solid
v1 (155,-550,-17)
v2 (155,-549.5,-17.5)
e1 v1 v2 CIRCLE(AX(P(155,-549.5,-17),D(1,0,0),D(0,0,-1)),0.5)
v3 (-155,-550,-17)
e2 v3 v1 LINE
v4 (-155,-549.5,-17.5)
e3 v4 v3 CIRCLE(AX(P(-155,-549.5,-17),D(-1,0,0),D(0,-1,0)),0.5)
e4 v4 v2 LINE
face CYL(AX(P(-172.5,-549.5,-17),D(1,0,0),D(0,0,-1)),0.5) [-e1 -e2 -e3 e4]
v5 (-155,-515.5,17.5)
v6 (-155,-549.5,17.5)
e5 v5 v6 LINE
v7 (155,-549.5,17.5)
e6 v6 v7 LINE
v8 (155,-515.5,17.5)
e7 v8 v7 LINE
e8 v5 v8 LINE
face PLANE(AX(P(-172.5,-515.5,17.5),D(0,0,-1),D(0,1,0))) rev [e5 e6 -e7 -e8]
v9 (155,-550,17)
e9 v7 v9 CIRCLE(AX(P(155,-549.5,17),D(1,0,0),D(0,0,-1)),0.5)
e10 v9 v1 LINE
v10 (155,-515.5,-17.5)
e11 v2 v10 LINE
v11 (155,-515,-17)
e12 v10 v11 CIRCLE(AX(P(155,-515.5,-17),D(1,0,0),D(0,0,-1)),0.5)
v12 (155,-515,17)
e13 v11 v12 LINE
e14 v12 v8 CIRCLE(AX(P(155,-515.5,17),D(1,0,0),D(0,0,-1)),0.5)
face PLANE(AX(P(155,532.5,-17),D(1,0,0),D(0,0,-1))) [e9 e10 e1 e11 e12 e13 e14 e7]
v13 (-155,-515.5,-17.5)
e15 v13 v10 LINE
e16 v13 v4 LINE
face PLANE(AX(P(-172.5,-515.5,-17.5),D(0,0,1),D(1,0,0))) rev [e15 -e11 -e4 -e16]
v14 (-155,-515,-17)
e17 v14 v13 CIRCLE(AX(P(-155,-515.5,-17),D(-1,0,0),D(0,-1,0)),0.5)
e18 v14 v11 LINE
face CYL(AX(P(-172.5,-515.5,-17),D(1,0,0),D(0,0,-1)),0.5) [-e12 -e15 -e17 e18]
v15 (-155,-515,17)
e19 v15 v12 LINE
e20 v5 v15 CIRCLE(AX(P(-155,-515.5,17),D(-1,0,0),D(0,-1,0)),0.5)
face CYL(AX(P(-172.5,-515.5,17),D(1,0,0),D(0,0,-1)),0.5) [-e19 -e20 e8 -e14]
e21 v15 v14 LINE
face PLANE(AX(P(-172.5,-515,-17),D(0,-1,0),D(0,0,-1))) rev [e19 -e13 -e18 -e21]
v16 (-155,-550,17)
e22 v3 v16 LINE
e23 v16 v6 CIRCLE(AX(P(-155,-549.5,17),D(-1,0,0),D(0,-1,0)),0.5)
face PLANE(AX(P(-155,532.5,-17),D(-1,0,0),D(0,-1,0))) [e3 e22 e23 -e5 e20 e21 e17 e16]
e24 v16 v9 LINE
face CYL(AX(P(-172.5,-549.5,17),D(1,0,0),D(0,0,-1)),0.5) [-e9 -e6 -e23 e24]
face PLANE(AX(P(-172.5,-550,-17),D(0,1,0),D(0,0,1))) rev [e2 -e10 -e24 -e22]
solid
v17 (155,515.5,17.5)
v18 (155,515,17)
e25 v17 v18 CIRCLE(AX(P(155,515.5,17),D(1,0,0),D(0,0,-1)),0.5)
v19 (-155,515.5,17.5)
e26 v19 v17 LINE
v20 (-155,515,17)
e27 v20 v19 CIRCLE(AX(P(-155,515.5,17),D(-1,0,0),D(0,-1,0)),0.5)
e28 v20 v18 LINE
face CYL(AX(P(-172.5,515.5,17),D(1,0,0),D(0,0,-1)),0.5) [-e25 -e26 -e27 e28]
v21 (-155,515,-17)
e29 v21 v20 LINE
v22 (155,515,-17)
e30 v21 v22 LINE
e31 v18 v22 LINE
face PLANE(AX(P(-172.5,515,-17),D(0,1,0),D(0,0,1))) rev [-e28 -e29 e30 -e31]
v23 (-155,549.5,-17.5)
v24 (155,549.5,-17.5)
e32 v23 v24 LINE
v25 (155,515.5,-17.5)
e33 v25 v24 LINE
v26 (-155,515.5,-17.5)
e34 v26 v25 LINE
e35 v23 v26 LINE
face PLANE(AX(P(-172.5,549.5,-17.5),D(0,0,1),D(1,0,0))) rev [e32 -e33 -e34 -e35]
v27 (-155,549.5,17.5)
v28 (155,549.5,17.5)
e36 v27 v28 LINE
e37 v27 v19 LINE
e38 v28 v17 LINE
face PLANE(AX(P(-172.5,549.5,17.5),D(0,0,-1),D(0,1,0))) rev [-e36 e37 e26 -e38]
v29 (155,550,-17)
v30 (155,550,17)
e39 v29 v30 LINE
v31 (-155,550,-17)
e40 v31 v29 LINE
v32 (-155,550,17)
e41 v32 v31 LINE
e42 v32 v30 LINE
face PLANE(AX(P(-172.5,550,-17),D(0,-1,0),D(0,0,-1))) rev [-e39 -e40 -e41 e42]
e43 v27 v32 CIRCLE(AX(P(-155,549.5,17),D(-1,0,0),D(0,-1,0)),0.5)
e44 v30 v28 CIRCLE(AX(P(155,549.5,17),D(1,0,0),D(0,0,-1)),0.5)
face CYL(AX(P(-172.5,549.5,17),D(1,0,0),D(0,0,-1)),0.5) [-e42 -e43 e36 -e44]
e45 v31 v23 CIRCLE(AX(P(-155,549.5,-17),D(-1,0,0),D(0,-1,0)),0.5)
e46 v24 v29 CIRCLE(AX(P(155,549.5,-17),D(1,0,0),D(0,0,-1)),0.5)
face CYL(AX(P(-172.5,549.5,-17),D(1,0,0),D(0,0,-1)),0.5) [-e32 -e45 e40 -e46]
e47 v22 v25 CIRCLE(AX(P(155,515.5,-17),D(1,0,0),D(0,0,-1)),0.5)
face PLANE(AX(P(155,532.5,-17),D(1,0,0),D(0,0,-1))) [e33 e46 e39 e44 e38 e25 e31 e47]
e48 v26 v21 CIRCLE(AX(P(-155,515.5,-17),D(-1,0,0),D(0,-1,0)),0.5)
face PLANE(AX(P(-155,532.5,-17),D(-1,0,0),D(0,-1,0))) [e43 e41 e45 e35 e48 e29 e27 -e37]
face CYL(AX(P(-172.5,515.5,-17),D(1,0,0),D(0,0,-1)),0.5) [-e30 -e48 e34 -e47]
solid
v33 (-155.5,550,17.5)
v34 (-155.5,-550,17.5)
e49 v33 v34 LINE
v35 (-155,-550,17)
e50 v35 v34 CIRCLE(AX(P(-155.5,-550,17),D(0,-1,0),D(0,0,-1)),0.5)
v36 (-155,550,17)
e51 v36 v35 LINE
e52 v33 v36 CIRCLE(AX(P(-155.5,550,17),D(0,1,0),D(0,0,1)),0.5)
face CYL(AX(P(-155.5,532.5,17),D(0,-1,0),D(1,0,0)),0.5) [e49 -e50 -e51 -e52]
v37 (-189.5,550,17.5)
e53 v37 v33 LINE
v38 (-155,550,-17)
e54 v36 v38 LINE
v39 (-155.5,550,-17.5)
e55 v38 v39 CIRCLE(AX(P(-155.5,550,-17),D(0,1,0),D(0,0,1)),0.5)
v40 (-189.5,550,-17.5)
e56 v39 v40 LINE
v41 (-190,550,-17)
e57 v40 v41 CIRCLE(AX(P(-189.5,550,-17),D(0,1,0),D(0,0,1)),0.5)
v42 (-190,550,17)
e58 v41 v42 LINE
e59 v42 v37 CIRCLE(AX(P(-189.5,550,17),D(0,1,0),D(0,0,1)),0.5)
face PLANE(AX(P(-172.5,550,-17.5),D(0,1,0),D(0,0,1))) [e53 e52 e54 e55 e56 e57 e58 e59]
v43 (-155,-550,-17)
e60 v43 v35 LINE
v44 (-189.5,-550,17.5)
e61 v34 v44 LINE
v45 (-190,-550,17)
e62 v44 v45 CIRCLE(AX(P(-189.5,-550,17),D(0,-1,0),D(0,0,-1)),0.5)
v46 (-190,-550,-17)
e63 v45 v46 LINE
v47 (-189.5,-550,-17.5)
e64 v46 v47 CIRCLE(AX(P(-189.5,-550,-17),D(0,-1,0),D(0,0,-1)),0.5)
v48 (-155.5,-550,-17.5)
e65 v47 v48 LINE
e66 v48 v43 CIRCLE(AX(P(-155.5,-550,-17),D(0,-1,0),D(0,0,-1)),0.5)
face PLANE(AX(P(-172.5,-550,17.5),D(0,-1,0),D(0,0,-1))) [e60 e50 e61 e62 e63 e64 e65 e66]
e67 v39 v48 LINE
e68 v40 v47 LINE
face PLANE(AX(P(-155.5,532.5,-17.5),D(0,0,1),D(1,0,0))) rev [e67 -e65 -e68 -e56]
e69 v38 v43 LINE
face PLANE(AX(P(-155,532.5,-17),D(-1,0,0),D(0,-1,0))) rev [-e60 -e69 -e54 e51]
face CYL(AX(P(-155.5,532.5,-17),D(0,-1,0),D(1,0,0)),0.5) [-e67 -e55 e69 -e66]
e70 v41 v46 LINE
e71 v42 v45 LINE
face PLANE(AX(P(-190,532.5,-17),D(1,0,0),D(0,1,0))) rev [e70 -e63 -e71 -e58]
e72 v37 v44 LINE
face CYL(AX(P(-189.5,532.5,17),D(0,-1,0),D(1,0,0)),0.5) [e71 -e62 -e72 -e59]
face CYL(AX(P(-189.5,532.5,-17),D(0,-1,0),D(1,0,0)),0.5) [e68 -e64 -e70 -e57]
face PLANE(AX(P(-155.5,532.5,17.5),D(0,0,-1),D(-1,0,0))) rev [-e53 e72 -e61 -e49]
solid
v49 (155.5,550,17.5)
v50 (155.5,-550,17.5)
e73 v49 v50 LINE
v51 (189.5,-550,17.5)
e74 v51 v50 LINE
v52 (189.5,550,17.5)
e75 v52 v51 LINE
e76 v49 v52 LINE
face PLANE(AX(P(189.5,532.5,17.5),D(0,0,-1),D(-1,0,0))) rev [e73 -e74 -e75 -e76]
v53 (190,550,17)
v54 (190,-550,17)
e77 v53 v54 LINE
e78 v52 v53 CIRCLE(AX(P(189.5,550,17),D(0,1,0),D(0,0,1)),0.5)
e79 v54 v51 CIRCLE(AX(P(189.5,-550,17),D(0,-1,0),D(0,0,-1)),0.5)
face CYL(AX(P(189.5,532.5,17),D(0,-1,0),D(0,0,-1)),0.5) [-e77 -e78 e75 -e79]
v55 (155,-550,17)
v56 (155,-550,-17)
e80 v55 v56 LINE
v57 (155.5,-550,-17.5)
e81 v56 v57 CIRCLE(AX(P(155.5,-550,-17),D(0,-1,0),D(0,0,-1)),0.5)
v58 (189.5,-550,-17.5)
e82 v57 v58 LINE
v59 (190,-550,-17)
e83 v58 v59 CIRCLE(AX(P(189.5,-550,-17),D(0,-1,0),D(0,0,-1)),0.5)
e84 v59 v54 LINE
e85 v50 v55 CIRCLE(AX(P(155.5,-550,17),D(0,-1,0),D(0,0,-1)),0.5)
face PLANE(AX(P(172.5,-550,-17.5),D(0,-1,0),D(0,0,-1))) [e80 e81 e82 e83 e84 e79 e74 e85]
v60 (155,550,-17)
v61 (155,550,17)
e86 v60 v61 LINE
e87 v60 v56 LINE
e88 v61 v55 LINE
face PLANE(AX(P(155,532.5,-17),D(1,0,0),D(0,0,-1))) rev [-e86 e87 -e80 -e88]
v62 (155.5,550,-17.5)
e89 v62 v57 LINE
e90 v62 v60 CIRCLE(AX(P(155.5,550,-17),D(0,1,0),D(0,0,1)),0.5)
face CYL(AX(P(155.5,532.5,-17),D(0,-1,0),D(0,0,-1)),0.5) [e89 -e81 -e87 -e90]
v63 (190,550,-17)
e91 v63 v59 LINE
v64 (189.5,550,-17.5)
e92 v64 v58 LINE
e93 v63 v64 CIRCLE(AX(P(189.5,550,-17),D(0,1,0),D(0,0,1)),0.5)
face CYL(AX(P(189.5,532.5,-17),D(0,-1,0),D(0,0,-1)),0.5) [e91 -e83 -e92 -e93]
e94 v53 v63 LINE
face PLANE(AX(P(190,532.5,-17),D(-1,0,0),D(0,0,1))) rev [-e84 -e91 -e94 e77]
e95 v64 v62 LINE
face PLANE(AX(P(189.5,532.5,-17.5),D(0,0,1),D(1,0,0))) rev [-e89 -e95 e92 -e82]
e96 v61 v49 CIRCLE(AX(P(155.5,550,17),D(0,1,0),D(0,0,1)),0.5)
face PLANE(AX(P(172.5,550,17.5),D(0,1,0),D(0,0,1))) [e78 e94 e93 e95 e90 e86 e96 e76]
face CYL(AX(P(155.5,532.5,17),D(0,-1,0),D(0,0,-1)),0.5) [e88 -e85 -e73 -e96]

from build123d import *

# Parameters (mm, degrees)
CUSTOM_TASSEAU_CARRE_33_1_DEPTH      = 1082.5
CUSTOM_TASSEAU_CARRE_33_1_DEPTH_BACK = 17.5
CUSTOM_TASSEAU_CARRE_33_1_2_DEPTH    = 1100
CUSTOM_TASSEAU_CARRE_33_1_3_DEPTH    = 347
CUSTOM_TASSEAU_CARRE_33_1_4_DEPTH    = 347


with BuildPart() as part:
    # Esquisse14 → Custom TASSEAU-CARRE-33(1) (new, two sides: drawn at the far end of the back side and taken through both)
    with BuildSketch(Plane(origin=(172.5, -532.5, 0), x_dir=(-1, 0, 0), z_dir=(0, 1, 0)).offset(-CUSTOM_TASSEAU_CARRE_33_1_DEPTH_BACK)):
        with BuildLine():
            Line((-17, -17.5), (17, -17.5))
            ThreePointArc((17, -17.5), (17.353553391, -17.353553391), (17.5, -17))
            Line((17.5, -17), (17.5, 17))
            ThreePointArc((17.5, 17), (17.353553391, 17.353553391), (17, 17.5))
            Line((17, 17.5), (-17, 17.5))
            ThreePointArc((-17, 17.5), (-17.353553391, 17.353553391), (-17.5, 17))
            Line((-17.5, 17), (-17.5, -17))
            ThreePointArc((-17.5, -17), (-17.353553391, -17.353553391), (-17, -17.5))
        make_face()
    extrude(amount=CUSTOM_TASSEAU_CARRE_33_1_DEPTH + CUSTOM_TASSEAU_CARRE_33_1_DEPTH_BACK)


with BuildPart() as body_2:
    # Esquisse14 on segment 2 (carried to segment 2) → Custom TASSEAU-CARRE-33_1 2 (new body)
    with BuildSketch(Plane(origin=(-172.5, -550, 0), x_dir=(-1, 0, 0), z_dir=(0, 1, 0))):
        with BuildLine():
            Line((-17, -17.5), (17, -17.5))
            ThreePointArc((17, -17.5), (17.353553391, -17.353553391), (17.5, -17))
            Line((17.5, -17), (17.5, 17))
            ThreePointArc((17.5, 17), (17.353553391, 17.353553391), (17, 17.5))
            Line((17, 17.5), (-17, 17.5))
            ThreePointArc((-17, 17.5), (-17.353553391, 17.353553391), (-17.5, 17))
            Line((-17.5, 17), (-17.5, -17))
            ThreePointArc((-17.5, -17), (-17.353553391, -17.353553391), (-17, -17.5))
        make_face()
    extrude(amount=CUSTOM_TASSEAU_CARRE_33_1_2_DEPTH)


with BuildPart() as body_3:
    # Esquisse14 on segment 3 (carried to segment 3) → Custom TASSEAU-CARRE-33_1 3 (new body)
    with BuildSketch(Plane(origin=(173.5, 532.5, 0), x_dir=(0, -1, 0), z_dir=(-1, 0, 0))):
        with BuildLine():
            Line((-17, -17.5), (17, -17.5))
            ThreePointArc((17, -17.5), (17.353553391, -17.353553391), (17.5, -17))
            Line((17.5, -17), (17.5, 17))
            ThreePointArc((17.5, 17), (17.353553391, 17.353553391), (17, 17.5))
            Line((17, 17.5), (-17, 17.5))
            ThreePointArc((-17, 17.5), (-17.353553391, 17.353553391), (-17.5, 17))
            Line((-17.5, 17), (-17.5, -17))
            ThreePointArc((-17.5, -17), (-17.353553391, -17.353553391), (-17, -17.5))
        make_face()
    extrude(amount=CUSTOM_TASSEAU_CARRE_33_1_3_DEPTH)

    # Custom TASSEAU-CARRE-33_1 3 end butt 1
    split(bisect_by=Plane(origin=(155, 532.5, 0), x_dir=(0, -1, 0), z_dir=(-1, 0, 0)), keep=Keep.TOP)

    # Custom TASSEAU-CARRE-33_1 3 end butt 2
    split(bisect_by=Plane(origin=(-155, 532.5, 0), x_dir=(0, 1, 0), z_dir=(1, 0, 0)), keep=Keep.TOP)


with BuildPart() as body_4:
    # Esquisse14 on segment 4 (carried to segment 4) → Custom TASSEAU-CARRE-33_1 4 (new body)
    with BuildSketch(Plane(origin=(173.5, -532.5, 0), x_dir=(0, -1, 0), z_dir=(-1, 0, 0))):
        with BuildLine():
            Line((-17, -17.5), (17, -17.5))
            ThreePointArc((17, -17.5), (17.353553391, -17.353553391), (17.5, -17))
            Line((17.5, -17), (17.5, 17))
            ThreePointArc((17.5, 17), (17.353553391, 17.353553391), (17, 17.5))
            Line((17, 17.5), (-17, 17.5))
            ThreePointArc((-17, 17.5), (-17.353553391, 17.353553391), (-17.5, 17))
            Line((-17.5, 17), (-17.5, -17))
            ThreePointArc((-17.5, -17), (-17.353553391, -17.353553391), (-17, -17.5))
        make_face()
    extrude(amount=CUSTOM_TASSEAU_CARRE_33_1_4_DEPTH)

    # Custom TASSEAU-CARRE-33_1 4 end butt 1
    split(bisect_by=Plane(origin=(155, -532.5, 0), x_dir=(0, -1, 0), z_dir=(-1, 0, 0)), keep=Keep.TOP)

    # Custom TASSEAU-CARRE-33_1 4 end butt 2
    split(bisect_by=Plane(origin=(-155, -532.5, 0), x_dir=(0, 1, 0), z_dir=(1, 0, 0)), keep=Keep.TOP)


solid = Compound([part.part, body_2.part, body_3.part, body_4.part])
